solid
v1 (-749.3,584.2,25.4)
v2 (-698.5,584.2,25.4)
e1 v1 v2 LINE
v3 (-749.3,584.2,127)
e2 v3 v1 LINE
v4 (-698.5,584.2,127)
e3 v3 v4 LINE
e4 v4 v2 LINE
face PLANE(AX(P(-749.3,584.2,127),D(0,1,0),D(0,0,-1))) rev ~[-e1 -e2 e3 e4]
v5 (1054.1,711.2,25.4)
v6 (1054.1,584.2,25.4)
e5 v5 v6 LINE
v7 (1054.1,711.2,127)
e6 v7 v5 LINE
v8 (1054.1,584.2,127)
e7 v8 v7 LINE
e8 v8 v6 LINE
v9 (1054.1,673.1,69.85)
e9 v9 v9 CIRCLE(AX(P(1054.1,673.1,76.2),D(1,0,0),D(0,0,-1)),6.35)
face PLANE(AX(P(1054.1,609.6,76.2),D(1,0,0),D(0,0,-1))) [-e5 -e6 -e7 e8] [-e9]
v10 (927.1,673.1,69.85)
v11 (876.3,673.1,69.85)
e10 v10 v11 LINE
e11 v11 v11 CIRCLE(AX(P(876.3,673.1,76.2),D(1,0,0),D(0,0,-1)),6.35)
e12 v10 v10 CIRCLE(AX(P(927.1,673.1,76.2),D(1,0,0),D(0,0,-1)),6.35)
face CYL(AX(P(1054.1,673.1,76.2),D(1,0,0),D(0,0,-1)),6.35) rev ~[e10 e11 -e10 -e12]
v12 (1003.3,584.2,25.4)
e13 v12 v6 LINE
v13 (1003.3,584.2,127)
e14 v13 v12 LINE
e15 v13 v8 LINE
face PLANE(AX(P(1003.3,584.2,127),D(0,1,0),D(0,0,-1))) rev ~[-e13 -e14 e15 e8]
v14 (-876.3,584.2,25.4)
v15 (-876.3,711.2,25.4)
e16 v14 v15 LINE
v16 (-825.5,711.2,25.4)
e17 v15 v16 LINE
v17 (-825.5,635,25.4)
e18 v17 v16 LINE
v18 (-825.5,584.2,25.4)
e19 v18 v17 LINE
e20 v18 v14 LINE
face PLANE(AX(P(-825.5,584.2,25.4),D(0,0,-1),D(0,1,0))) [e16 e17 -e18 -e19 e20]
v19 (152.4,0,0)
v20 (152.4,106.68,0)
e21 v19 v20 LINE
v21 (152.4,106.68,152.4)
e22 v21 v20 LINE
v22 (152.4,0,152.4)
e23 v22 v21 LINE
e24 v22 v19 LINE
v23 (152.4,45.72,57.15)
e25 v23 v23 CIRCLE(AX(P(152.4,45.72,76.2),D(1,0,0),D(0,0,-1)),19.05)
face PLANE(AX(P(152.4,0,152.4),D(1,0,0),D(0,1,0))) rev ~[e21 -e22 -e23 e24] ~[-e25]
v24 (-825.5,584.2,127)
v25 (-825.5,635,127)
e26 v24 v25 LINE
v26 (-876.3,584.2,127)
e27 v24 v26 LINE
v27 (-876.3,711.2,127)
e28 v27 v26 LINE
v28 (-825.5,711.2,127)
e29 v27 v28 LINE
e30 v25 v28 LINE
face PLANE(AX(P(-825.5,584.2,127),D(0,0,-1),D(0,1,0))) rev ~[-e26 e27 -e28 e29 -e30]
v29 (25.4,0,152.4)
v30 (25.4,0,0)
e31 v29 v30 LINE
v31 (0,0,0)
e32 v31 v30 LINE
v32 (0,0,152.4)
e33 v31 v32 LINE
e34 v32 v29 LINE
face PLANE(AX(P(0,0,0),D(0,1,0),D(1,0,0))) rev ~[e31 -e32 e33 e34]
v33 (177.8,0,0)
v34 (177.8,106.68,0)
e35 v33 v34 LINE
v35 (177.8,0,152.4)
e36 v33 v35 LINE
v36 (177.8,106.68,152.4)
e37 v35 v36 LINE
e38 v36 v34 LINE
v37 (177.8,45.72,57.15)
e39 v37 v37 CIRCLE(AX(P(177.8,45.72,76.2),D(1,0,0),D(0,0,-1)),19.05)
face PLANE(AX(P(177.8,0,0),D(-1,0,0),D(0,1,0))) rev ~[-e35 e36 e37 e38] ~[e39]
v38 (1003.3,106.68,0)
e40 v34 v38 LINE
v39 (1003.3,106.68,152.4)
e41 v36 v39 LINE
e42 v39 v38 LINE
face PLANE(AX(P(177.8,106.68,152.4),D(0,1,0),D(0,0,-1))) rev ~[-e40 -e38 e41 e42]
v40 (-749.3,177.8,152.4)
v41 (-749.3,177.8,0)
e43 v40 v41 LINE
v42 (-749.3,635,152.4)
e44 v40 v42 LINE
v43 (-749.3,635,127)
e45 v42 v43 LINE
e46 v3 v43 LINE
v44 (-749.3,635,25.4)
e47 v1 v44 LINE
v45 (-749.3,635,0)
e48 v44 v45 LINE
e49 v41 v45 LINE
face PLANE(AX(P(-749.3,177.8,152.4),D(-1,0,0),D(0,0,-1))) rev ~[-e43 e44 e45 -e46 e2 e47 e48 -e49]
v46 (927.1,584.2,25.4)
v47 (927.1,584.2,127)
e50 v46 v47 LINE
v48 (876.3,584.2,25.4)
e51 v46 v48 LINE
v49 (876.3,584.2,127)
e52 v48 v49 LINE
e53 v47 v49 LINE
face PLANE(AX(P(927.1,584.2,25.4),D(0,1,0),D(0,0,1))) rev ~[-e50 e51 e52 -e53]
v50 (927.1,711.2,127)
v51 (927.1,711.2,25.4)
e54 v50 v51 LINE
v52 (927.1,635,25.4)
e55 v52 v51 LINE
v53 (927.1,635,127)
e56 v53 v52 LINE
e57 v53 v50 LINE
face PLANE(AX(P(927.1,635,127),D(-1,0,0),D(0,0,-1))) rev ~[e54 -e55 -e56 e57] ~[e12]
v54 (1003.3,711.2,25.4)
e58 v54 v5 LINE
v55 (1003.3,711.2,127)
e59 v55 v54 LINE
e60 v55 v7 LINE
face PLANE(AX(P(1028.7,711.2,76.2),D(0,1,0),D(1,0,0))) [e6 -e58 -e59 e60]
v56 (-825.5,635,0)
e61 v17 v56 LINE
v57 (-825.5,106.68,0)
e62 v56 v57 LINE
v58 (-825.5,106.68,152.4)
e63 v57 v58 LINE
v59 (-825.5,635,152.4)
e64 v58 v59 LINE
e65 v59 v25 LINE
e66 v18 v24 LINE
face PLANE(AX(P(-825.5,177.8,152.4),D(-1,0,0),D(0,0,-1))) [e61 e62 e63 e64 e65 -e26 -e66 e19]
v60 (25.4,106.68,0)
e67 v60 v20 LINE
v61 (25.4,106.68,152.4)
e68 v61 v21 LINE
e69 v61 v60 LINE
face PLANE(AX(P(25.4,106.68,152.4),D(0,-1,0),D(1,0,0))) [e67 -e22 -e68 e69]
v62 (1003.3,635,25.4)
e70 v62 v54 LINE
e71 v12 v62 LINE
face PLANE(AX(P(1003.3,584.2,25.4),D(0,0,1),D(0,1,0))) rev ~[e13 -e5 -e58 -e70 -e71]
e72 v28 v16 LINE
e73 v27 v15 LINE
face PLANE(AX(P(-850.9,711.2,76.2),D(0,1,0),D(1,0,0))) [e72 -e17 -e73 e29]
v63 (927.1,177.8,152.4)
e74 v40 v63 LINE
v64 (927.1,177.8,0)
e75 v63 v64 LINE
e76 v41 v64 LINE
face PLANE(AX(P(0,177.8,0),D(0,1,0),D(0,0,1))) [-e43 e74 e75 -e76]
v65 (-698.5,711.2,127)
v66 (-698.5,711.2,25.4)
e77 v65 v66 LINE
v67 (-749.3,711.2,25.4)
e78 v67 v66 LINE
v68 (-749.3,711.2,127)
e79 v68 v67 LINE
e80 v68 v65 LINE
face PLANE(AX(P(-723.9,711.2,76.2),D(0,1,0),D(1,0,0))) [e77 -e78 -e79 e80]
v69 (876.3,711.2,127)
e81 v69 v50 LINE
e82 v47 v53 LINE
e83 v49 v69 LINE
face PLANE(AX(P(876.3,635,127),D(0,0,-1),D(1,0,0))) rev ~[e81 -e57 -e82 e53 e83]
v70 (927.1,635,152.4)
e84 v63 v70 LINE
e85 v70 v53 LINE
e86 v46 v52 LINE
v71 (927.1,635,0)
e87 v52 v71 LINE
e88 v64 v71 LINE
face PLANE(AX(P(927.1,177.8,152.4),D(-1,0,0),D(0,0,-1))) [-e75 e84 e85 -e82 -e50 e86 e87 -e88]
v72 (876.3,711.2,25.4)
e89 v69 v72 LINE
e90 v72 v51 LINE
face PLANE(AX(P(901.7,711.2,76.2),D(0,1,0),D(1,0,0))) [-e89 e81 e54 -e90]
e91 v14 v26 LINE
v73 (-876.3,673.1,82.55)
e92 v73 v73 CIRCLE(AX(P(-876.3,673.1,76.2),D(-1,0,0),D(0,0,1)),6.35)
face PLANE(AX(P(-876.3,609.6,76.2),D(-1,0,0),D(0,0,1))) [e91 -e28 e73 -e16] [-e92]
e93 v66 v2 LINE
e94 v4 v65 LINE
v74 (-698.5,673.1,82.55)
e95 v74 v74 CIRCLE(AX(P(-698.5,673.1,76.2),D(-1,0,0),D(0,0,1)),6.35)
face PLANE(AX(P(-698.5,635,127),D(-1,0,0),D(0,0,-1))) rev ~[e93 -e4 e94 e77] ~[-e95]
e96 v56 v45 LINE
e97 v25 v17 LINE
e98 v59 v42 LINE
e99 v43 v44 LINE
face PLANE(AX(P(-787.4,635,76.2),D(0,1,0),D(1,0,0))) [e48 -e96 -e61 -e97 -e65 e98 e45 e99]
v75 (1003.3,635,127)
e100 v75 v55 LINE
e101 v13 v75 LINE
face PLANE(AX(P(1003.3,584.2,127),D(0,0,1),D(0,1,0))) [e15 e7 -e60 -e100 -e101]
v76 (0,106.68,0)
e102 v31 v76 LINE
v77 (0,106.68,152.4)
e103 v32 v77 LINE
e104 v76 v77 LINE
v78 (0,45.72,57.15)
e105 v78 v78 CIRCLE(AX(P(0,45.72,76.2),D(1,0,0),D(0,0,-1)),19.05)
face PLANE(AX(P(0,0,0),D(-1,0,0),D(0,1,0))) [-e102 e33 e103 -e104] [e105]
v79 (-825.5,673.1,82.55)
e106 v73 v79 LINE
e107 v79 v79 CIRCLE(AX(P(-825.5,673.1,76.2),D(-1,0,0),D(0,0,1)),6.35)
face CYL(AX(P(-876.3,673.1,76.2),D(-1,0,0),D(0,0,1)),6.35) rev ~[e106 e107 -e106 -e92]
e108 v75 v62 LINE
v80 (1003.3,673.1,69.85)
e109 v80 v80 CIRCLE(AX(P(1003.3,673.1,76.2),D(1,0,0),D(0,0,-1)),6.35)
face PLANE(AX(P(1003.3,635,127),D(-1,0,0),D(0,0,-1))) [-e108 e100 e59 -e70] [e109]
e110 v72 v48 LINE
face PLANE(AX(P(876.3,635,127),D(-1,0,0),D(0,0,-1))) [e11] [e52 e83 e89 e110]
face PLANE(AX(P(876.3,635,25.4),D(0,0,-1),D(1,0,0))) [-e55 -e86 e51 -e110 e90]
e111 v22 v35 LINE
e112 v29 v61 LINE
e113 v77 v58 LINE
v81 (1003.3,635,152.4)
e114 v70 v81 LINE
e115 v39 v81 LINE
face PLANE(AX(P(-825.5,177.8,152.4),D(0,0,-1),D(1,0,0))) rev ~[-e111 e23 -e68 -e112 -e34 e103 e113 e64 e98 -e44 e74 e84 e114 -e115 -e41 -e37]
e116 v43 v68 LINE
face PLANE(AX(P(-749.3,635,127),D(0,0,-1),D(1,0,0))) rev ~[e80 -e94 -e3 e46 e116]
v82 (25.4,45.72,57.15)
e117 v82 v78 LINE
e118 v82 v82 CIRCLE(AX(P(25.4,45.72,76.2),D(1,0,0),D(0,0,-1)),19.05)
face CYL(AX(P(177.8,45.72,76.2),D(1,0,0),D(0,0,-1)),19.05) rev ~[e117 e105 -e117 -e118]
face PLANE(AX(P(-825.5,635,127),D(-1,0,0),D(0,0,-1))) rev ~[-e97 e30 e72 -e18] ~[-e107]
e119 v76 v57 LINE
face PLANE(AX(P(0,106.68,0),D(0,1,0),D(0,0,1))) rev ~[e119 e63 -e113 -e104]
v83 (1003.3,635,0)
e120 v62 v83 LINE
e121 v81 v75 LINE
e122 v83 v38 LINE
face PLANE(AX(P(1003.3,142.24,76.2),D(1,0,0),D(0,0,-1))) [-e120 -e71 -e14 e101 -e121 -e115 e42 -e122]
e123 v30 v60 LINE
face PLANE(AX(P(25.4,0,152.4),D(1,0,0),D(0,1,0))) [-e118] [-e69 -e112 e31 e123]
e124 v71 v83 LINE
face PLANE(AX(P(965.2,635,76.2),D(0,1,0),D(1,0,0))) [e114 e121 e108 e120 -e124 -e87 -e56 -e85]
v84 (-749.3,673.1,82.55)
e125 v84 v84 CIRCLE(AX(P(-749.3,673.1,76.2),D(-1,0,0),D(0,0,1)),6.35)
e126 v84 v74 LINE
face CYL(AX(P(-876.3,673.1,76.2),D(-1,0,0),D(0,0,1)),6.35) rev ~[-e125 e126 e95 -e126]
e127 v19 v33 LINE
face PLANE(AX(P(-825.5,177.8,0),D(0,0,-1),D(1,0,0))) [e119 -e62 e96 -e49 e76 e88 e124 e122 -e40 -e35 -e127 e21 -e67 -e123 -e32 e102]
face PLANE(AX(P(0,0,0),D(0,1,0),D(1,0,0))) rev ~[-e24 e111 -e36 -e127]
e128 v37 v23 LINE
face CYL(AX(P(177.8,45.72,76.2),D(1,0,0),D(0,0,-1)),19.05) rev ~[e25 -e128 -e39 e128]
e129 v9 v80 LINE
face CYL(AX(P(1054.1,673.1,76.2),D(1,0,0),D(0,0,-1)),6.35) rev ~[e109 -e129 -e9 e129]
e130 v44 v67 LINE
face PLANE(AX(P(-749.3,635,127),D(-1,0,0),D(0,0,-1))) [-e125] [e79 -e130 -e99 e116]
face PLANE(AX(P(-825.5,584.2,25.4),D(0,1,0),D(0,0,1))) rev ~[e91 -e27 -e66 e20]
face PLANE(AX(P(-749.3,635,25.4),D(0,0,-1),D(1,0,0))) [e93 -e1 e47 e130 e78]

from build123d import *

# Parameters (mm, degrees)
SKETCH1_W            = 177.8
SKETCH1_H            = 177.8
BOSS_EXTRUDE1_DEPTH  = 152.4
SKETCH2_W            = 127
SKETCH2_H            = 106.68
CUT_EXTRUDE1_DEPTH   = 152.4
SKETCH3_R            = 19.05
CUT_EXTRUDE2_DEPTH   = 182.626
SKETCH4_W            = 152.4
SKETCH4_H            = 71.12
BOSS_EXTRUDE2_DEPTH  = 825.5
SKETCH5_W            = 152.4
SKETCH5_H            = 71.12
BOSS_EXTRUDE3_DEPTH  = 825.5
SKETCH6_W            = 76.2
SKETCH6_H            = 152.4
BOSS_EXTRUDE4_DEPTH  = 457.2
SKETCH7_W            = 101.6
SKETCH7_H            = 50.8
BOSS_EXTRUDE9_DEPTH  = 50.8
SKETCH12_W           = 101.6
SKETCH12_H           = 50.8
BOSS_EXTRUDE10_DEPTH = 50.8
SKETCH13_W           = 101.6
SKETCH13_H           = 50.8
BOSS_EXTRUDE11_DEPTH = 50.8
SKETCH14_W           = 101.6
SKETCH14_H           = 50.8
BOSS_EXTRUDE12_DEPTH = 50.8
SKETCH15_W           = 50.8
SKETCH15_H           = 101.6
BOSS_EXTRUDE13_DEPTH = 76.2
SKETCH16_W           = 50.8
SKETCH16_H           = 101.6
BOSS_EXTRUDE14_DEPTH = 76.2
SKETCH17_R           = 6.35
CUT_EXTRUDE3_DEPTH   = 205.994
SKETCH18_R           = 6.35
CUT_EXTRUDE4_DEPTH   = 205.994


with BuildPart() as part:
    # Sketch1 → Boss-Extrude1 (new body)
    with BuildSketch(Plane.XY):
        with Locations((88.9, 88.9)):
            Rectangle(SKETCH1_W, SKETCH1_H)
    extrude(amount=BOSS_EXTRUDE1_DEPTH)

    # Sketch2 → Cut-Extrude1 (cut)
    with BuildSketch(Plane.XY.offset(152.4)):
        with Locations((88.9, 53.34)):
            Rectangle(SKETCH2_W, SKETCH2_H)
    extrude(amount=-CUT_EXTRUDE1_DEPTH, mode=Mode.SUBTRACT)

    # Sketch3 → Cut-Extrude2 (cut)
    with BuildSketch(Plane(origin=(177.8, 0, 0), x_dir=(0, 0, -1), z_dir=(1, 0, 0))):
        with Locations((-76.2, 45.72)):
            Circle(SKETCH3_R)
    extrude(amount=-CUT_EXTRUDE2_DEPTH, mode=Mode.SUBTRACT)

    # Sketch4 → Boss-Extrude2 (add)
    with BuildSketch(Plane(origin=(177.8, 0, 0), x_dir=(0, 0, -1), z_dir=(1, 0, 0))):
        with Locations((-76.2, 142.24)):
            Rectangle(SKETCH4_W, SKETCH4_H)
    extrude(amount=BOSS_EXTRUDE2_DEPTH)

    # Sketch5 → Boss-Extrude3 (add)
    with BuildSketch(Plane.ZY):
        with Locations((76.2, 142.24)):
            Rectangle(SKETCH5_W, SKETCH5_H)
    extrude(amount=BOSS_EXTRUDE3_DEPTH)

    # Sketch6 → Boss-Extrude4 (add)
    with BuildSketch(Plane(origin=(0, 177.8, 0), x_dir=(1, 0, 0), z_dir=(0, 1, 0))):
        with Locations((-787.4, -76.2)):
            Rectangle(SKETCH6_W, SKETCH6_H)
        with Locations((965.2, -76.2)):
            Rectangle(SKETCH6_W, SKETCH6_H)
    extrude(amount=BOSS_EXTRUDE4_DEPTH)

    # Sketch7 → Boss-Extrude9 (add)
    with BuildSketch(Plane.ZY.offset(825.5)):
        with Locations((76.2, 609.6)):
            Rectangle(SKETCH7_W, SKETCH7_H)
    extrude(amount=BOSS_EXTRUDE9_DEPTH)

    # Sketch12 → Boss-Extrude10 (add)
    with BuildSketch(Plane(origin=(-749.3, 0, 0), x_dir=(0, 0, -1), z_dir=(1, 0, 0))):
        with Locations((-76.2, 609.6)):
            Rectangle(SKETCH12_W, SKETCH12_H)
    extrude(amount=BOSS_EXTRUDE10_DEPTH)

    # Sketch13 → Boss-Extrude11 (add)
    with BuildSketch(Plane.ZY.offset(-927.1)):
        with Locations((76.2, 609.6)):
            Rectangle(SKETCH13_W, SKETCH13_H)
    extrude(amount=BOSS_EXTRUDE11_DEPTH)

    # Sketch14 → Boss-Extrude12 (add)
    with BuildSketch(Plane(origin=(1003.3, 0, 0), x_dir=(0, 0, -1), z_dir=(1, 0, 0))):
        with Locations((-76.2, 609.6)):
            Rectangle(SKETCH14_W, SKETCH14_H)
    extrude(amount=BOSS_EXTRUDE12_DEPTH)

    # Sketch15 → Boss-Extrude13 (add)
    with BuildSketch(Plane(origin=(0, 635, 0), x_dir=(1, 0, 0), z_dir=(0, 1, 0))):
        with Locations((901.7, -76.2)):
            Rectangle(SKETCH15_W, SKETCH15_H)
        with Locations((1028.7, -76.2)):
            Rectangle(SKETCH15_W, SKETCH15_H)
    extrude(amount=BOSS_EXTRUDE13_DEPTH)

    # Sketch16 → Boss-Extrude14 (add)
    with BuildSketch(Plane(origin=(0, 635, 0), x_dir=(1, 0, 0), z_dir=(0, 1, 0))):
        with Locations((-723.9, -76.2)):
            Rectangle(SKETCH16_W, SKETCH16_H)
        with Locations((-850.9, -76.2)):
            Rectangle(SKETCH16_W, SKETCH16_H)
    extrude(amount=BOSS_EXTRUDE14_DEPTH)

    # Sketch17 → Cut-Extrude3 (cut)
    with BuildSketch(Plane.ZY.offset(876.3)):
        with Locations((76.2, 673.1)):
            Circle(SKETCH17_R)
    extrude(amount=-CUT_EXTRUDE3_DEPTH, mode=Mode.SUBTRACT)

    # Sketch18 → Cut-Extrude4 (cut)
    with BuildSketch(Plane(origin=(1054.1, 0, 0), x_dir=(0, 0, -1), z_dir=(1, 0, 0))):
        with Locations((-76.2, 673.1)):
            Circle(SKETCH18_R)
    extrude(amount=-CUT_EXTRUDE4_DEPTH, mode=Mode.SUBTRACT)


solid = part.part
